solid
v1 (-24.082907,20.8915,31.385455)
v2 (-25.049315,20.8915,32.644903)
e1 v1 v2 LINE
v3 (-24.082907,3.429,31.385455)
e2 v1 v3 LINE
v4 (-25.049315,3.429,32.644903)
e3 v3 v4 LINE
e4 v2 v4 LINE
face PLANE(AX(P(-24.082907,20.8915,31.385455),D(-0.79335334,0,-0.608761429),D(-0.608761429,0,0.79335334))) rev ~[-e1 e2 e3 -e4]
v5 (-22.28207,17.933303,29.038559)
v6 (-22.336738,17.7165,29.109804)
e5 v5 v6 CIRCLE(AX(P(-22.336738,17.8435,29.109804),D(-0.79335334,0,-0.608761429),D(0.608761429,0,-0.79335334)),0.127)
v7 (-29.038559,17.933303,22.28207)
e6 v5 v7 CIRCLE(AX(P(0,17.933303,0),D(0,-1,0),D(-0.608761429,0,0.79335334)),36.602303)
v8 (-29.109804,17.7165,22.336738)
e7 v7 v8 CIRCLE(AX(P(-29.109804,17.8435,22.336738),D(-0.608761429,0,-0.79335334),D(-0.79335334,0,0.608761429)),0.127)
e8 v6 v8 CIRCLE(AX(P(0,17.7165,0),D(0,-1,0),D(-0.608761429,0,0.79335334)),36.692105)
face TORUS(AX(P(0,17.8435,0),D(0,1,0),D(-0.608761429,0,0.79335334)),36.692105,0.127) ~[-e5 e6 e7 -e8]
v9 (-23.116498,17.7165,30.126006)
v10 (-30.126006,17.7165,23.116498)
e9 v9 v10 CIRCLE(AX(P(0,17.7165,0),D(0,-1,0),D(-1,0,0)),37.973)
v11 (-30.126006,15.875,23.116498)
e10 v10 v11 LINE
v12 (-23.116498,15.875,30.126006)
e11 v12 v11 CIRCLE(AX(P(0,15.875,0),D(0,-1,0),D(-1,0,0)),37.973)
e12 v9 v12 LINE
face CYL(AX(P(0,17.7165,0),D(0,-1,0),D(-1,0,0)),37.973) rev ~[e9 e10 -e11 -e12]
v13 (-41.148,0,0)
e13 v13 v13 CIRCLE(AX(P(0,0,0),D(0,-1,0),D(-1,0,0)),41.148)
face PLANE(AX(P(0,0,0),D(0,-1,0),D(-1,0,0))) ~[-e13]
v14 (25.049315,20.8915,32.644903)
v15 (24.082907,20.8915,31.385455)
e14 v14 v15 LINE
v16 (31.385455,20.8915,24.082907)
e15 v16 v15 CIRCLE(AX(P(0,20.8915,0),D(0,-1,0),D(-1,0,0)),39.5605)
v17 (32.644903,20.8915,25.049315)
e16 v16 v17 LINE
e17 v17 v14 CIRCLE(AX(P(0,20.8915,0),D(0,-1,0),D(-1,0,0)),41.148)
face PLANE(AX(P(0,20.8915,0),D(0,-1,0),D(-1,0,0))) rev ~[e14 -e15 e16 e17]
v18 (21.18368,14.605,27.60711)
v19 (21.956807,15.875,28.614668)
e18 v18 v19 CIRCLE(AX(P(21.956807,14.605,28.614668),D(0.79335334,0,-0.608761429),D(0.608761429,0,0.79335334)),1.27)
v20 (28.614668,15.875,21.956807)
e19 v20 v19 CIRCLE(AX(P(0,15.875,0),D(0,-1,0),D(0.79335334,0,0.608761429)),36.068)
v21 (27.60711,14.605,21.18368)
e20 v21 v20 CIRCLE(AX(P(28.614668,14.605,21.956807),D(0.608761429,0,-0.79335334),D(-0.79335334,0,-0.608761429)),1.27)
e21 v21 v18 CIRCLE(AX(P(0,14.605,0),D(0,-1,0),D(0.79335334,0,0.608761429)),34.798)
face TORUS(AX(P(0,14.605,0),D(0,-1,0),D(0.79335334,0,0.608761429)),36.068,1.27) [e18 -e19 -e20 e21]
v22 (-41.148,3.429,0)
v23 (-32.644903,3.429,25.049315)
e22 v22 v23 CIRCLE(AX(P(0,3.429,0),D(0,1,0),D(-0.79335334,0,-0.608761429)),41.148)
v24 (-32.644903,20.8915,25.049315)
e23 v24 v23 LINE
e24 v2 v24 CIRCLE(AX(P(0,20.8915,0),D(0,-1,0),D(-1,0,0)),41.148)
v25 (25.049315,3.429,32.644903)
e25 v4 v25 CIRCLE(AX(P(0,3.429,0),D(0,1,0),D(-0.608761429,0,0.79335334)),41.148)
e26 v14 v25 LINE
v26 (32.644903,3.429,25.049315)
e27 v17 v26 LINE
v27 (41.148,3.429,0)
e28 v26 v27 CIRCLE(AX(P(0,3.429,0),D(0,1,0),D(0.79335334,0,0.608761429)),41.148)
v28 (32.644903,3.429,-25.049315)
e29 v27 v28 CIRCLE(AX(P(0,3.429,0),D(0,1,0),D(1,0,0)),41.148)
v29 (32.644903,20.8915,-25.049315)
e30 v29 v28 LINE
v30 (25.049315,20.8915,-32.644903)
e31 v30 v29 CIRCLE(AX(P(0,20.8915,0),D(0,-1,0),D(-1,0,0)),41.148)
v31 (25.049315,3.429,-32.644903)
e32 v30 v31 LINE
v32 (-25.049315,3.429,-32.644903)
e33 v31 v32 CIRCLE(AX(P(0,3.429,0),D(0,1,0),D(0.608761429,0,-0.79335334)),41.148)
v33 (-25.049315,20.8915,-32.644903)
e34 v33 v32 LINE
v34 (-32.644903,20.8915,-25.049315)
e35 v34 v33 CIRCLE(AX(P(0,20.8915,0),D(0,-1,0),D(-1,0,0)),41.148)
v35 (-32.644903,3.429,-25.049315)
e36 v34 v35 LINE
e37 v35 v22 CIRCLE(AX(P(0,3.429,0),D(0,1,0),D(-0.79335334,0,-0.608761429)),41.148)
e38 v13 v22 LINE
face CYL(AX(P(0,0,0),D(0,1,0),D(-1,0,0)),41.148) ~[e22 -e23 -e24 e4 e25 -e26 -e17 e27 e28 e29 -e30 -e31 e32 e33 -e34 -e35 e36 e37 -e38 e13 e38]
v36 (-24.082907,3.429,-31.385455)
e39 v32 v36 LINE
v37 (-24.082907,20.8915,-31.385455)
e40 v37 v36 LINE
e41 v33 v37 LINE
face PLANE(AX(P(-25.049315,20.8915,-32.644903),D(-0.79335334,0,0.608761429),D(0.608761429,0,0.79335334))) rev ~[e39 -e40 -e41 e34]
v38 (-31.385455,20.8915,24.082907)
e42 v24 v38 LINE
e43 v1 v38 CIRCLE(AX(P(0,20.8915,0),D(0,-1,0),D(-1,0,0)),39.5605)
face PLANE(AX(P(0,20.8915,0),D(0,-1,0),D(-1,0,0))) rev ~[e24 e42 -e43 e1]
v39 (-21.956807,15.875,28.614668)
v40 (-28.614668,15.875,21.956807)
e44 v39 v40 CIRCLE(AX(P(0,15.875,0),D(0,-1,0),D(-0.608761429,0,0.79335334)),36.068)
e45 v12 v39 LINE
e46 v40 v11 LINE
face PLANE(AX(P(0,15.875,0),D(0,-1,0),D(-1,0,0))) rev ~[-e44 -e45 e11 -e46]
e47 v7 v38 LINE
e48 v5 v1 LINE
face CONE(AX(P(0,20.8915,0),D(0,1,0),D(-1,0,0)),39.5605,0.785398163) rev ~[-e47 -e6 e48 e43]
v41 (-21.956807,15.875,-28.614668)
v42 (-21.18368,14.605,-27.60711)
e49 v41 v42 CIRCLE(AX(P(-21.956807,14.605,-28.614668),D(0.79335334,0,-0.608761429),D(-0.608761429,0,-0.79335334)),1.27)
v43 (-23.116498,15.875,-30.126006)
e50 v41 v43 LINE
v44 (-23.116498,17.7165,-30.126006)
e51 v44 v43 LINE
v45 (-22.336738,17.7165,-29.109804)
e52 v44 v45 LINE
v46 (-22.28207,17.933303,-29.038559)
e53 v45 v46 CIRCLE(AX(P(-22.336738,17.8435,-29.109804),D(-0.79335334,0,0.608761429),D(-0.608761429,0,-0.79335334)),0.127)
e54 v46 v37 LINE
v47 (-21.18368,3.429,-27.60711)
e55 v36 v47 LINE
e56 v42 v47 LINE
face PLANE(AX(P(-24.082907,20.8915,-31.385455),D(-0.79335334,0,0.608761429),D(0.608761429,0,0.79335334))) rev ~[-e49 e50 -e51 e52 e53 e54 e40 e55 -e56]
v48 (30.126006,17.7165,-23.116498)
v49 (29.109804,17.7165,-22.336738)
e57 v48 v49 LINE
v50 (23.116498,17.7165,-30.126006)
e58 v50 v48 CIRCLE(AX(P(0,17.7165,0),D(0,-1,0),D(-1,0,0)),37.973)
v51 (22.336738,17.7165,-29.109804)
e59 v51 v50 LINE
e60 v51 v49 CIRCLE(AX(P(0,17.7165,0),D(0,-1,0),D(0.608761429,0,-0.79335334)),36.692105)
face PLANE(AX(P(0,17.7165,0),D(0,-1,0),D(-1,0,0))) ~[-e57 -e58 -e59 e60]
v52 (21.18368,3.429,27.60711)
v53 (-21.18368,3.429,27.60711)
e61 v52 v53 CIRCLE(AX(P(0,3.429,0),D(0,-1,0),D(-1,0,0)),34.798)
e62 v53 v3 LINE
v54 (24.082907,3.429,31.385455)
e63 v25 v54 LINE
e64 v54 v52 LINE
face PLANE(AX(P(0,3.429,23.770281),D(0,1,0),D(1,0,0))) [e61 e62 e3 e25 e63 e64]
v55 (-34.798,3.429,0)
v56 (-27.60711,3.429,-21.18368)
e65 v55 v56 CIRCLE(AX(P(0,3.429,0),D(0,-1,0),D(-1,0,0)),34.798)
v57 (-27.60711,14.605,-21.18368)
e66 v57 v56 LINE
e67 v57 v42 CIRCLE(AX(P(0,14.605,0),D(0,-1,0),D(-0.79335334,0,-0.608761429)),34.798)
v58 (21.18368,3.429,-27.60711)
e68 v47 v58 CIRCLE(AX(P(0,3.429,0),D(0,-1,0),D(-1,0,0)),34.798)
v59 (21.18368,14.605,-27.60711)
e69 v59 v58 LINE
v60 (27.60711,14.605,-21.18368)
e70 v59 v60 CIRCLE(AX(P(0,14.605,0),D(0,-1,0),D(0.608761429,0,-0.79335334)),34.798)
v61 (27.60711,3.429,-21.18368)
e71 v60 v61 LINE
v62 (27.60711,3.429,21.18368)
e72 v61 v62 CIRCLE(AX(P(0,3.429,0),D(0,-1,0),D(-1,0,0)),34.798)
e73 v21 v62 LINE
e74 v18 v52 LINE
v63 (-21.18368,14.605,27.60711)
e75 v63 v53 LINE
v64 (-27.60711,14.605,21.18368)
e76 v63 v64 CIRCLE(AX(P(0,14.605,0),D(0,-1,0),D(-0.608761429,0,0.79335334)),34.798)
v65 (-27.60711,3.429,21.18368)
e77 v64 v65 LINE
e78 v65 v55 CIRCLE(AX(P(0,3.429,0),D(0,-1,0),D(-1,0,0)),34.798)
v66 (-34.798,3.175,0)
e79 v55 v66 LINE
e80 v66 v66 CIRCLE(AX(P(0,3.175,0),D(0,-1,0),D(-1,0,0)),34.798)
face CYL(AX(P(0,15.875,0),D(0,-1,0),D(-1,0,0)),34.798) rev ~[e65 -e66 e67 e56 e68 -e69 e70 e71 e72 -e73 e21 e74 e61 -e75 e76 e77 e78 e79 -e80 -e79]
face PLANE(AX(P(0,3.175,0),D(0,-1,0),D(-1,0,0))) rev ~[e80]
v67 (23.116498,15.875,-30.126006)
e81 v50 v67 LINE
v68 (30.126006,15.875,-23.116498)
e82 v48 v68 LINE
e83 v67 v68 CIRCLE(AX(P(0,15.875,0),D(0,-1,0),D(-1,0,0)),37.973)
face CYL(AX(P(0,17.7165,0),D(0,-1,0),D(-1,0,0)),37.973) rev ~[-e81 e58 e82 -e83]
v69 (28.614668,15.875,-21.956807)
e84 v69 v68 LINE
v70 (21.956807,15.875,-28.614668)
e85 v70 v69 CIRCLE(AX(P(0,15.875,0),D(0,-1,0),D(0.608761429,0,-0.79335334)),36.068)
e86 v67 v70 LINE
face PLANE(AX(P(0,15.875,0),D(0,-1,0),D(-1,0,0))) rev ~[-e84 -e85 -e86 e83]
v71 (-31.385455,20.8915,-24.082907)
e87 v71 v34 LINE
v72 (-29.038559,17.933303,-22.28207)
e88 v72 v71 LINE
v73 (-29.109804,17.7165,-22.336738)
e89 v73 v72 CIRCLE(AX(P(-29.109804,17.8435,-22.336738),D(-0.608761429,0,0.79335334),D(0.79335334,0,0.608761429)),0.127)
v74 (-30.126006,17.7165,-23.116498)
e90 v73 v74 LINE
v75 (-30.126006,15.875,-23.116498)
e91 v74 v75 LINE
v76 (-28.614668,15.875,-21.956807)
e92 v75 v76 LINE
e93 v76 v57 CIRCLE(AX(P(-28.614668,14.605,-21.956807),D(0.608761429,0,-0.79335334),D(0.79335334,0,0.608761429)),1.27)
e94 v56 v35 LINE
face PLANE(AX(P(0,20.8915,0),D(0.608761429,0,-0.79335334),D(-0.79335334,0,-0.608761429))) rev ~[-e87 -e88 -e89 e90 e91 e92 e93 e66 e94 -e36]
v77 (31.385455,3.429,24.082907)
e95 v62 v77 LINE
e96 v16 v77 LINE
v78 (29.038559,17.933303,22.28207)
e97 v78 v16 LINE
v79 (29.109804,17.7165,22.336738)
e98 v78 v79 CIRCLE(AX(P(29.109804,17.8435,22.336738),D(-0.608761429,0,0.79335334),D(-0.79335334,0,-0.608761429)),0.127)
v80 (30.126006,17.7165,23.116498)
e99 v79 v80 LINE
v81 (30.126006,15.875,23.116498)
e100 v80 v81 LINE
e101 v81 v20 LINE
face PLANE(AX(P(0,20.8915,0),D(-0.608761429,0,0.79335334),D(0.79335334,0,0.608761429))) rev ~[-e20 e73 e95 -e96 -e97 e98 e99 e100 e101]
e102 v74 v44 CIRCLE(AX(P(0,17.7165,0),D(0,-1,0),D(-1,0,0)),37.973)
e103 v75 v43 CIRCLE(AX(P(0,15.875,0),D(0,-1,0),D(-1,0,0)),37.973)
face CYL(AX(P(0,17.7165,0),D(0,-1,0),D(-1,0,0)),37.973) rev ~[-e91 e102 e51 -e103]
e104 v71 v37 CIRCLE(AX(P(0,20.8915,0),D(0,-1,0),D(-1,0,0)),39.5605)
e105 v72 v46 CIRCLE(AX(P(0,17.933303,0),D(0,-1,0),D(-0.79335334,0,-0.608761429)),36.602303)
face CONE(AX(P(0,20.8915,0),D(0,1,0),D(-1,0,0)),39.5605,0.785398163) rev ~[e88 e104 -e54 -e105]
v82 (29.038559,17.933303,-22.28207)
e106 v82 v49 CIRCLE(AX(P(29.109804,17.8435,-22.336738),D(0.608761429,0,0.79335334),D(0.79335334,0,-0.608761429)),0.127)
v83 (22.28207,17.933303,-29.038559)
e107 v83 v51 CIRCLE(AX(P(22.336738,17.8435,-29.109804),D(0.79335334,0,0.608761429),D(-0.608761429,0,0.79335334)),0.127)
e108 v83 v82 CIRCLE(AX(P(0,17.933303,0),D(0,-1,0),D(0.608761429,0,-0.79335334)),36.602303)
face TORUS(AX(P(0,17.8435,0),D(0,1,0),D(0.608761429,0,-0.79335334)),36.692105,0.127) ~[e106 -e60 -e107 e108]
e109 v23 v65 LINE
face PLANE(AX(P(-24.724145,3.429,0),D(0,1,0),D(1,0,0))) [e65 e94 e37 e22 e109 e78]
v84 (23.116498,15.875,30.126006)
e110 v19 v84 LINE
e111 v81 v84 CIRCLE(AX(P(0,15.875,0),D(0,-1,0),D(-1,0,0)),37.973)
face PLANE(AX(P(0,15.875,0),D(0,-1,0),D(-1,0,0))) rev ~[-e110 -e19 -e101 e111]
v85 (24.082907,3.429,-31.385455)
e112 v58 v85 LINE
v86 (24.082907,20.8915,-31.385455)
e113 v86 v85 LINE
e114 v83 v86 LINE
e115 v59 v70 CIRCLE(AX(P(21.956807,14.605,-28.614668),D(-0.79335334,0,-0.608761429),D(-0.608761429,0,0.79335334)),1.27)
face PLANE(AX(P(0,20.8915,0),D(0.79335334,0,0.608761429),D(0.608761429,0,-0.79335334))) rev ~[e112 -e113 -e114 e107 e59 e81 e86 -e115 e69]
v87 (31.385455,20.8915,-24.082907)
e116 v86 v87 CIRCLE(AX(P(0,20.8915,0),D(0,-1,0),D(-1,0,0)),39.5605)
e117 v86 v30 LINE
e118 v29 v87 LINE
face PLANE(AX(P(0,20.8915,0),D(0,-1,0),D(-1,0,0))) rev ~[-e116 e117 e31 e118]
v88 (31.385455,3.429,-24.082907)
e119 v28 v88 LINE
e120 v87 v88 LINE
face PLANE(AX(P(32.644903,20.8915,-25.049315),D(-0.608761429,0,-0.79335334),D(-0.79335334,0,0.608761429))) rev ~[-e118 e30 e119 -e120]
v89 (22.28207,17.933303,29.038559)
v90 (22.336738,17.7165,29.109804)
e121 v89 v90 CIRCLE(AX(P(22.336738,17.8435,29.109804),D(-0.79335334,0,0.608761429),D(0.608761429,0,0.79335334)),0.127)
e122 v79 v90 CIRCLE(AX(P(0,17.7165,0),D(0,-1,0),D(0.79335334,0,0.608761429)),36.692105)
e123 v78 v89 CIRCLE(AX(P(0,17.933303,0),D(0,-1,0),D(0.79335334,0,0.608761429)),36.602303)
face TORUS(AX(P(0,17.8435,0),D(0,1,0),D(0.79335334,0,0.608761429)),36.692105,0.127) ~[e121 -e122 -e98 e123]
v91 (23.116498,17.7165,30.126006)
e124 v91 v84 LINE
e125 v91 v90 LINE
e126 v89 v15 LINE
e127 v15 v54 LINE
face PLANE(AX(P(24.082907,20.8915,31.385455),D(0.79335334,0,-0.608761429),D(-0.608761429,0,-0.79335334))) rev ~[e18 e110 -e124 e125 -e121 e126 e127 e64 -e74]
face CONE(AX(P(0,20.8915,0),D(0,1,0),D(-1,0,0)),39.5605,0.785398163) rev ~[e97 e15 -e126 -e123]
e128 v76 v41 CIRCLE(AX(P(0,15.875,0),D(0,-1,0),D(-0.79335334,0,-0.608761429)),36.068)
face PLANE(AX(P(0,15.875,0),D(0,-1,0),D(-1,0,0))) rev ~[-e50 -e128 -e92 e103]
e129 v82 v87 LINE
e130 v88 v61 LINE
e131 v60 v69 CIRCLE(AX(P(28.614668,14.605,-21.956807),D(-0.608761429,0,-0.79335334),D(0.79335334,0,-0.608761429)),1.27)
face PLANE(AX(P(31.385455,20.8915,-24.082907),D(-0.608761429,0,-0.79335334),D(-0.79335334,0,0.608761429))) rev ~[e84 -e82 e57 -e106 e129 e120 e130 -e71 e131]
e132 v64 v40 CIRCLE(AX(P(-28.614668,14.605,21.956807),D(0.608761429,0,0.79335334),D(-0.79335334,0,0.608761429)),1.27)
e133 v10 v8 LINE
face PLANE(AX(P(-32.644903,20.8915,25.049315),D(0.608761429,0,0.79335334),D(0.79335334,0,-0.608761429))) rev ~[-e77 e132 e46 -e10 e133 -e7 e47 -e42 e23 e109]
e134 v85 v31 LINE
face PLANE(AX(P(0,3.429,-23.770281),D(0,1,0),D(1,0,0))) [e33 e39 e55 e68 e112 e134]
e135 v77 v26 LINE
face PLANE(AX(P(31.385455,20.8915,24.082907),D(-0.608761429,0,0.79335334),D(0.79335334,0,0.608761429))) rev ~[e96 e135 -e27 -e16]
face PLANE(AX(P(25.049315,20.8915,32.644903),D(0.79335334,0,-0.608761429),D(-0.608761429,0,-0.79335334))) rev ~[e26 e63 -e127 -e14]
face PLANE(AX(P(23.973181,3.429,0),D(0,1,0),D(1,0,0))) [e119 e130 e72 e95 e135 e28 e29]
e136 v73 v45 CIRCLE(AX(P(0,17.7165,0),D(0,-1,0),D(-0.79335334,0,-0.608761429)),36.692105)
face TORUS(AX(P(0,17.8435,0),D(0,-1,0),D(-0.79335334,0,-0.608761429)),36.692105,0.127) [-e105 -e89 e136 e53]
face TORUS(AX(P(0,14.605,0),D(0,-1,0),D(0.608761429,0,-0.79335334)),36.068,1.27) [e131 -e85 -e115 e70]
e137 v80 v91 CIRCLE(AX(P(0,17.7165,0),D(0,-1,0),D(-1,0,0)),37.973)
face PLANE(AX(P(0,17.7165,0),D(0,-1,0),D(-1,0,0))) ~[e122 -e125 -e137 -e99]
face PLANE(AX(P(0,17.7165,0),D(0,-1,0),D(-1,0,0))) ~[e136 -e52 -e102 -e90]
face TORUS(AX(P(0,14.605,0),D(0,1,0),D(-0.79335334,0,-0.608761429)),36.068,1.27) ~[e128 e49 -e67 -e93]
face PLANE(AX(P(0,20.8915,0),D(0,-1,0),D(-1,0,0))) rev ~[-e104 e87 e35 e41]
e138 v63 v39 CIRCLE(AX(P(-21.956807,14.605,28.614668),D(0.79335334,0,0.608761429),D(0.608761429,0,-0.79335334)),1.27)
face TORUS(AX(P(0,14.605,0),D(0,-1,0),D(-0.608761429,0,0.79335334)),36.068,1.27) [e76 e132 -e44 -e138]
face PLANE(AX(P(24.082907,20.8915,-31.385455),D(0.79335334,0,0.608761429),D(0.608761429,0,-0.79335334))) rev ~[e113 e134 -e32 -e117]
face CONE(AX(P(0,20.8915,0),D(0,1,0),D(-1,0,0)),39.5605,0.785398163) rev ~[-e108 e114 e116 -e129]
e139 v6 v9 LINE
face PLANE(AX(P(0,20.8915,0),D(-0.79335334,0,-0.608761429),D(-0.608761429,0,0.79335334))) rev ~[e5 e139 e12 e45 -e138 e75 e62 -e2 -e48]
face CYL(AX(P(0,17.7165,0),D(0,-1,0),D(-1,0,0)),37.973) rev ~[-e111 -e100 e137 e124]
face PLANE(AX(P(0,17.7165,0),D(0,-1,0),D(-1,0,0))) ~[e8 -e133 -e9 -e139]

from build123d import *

# Parameters (mm, degrees)
CUT_EXTRUDE3_DEPTH = 17.4625
FILLET1_R          = 0.127
FILLET2_R          = 1.27


with BuildPart() as part:
    # Sketch1 → Revolve1 (revolve)
    with BuildSketch(Plane.XY):
        Polygon((0, 0), (-41.148, 0), (-41.148, 20.8915), (-39.5605, 20.8915), (-36.3855, 17.7165), (-37.973, 17.7165), (-37.973, 15.875), (-34.798, 15.875), (-34.798, 3.175), (0, 3.175), align=None)
    revolve(axis=Axis((0, 3.175, 0), (0, -1, 0)))

    # Sketch2 → Cut-Extrude3 (cut)
    with BuildSketch(Plane(origin=(0, 20.8915, 0), x_dir=(1, 0, 0), z_dir=(0, 1, 0))):
        with BuildLine():
            Line((-24.082906512, 31.385454819), (0, 0))
            Line((0, 0), (24.082906512, 31.385454819))
            ThreePointArc((24.082906512, 31.385454819), (0, 39.5605), (-24.082906512, 31.385454819))
        make_face()
        with BuildLine():
            Line((-25.049315281, 32.644903246), (-24.082906512, 31.385454819))
            ThreePointArc((-24.082906512, 31.385454819), (0, 39.5605), (24.082906512, 31.385454819))
            Line((24.082906512, 31.385454819), (25.049315281, 32.644903246))
            ThreePointArc((25.049315281, 32.644903246), (0, 41.148), (-25.049315281, 32.644903246))
        make_face()
        with BuildLine():
            Line((31.385454819, 24.082906512), (0, 0))
            Line((0, 0), (31.385454819, -24.082906512))
            ThreePointArc((31.385454819, -24.082906512), (37.461029388, -12.716305967), (39.5605, 0))
            ThreePointArc((39.5605, 0), (37.461029388, 12.716305967), (31.385454819, 24.082906512))
        make_face()
        with BuildLine():
            Line((32.644903246, 25.049315281), (31.385454819, 24.082906512))
            ThreePointArc((31.385454819, 24.082906512), (37.461029388, 12.716305967), (39.5605, 0))
            ThreePointArc((39.5605, 0), (37.461029388, -12.716305967), (31.385454819, -24.082906512))
            Line((31.385454819, -24.082906512), (32.644903246, -25.049315281))
            ThreePointArc((32.644903246, -25.049315281), (38.964280968, -13.226591118), (41.148, 0))
            ThreePointArc((41.148, 0), (38.964280968, 13.226591118), (32.644903246, 25.049315281))
        make_face()
        with BuildLine():
            Line((24.082906512, -31.385454819), (0, 0))
            Line((0, 0), (-24.082906512, -31.385454819))
            ThreePointArc((-24.082906512, -31.385454819), (0, -39.5605), (24.082906512, -31.385454819))
        make_face()
        with BuildLine():
            Line((25.049315281, -32.644903246), (24.082906512, -31.385454819))
            ThreePointArc((24.082906512, -31.385454819), (0, -39.5605), (-24.082906512, -31.385454819))
            Line((-24.082906512, -31.385454819), (-25.049315281, -32.644903246))
            ThreePointArc((-25.049315281, -32.644903246), (0, -41.148), (25.049315281, -32.644903246))
        make_face()
        with BuildLine():
            Line((0, 0), (-32.644903246, 25.049315281))
            ThreePointArc((-32.644903246, 25.049315281), (-41.148, 0), (-32.644903246, -25.049315281))
            Line((-32.644903246, -25.049315281), (0, 0))
        make_face()
    extrude(amount=-CUT_EXTRUDE3_DEPTH, mode=Mode.SUBTRACT)

    # Fillet1
    fillet1_edges = [part.edges().sort_by_distance(p)[0] for p in [
        (25.728433787, 17.7165, -25.728433787),
        (25.728433787, 17.7165, 25.728433787),
        (-25.728433787, 17.7165, 25.728433787),
        (-25.728433787, 17.7165, -25.728433787),
    ]]
    fillet(fillet1_edges, radius=FILLET1_R)

    # Fillet2
    fillet2_edges = [part.edges().sort_by_distance(p)[0] for p in [
        (24.605901772, 15.875, -24.605901772),
        (24.605901772, 15.875, 24.605901772),
        (-24.605901772, 15.875, 24.605901772),
        (-24.605901772, 15.875, -24.605901772),
    ]]
    fillet(fillet2_edges, radius=FILLET2_R)


solid = part.part
